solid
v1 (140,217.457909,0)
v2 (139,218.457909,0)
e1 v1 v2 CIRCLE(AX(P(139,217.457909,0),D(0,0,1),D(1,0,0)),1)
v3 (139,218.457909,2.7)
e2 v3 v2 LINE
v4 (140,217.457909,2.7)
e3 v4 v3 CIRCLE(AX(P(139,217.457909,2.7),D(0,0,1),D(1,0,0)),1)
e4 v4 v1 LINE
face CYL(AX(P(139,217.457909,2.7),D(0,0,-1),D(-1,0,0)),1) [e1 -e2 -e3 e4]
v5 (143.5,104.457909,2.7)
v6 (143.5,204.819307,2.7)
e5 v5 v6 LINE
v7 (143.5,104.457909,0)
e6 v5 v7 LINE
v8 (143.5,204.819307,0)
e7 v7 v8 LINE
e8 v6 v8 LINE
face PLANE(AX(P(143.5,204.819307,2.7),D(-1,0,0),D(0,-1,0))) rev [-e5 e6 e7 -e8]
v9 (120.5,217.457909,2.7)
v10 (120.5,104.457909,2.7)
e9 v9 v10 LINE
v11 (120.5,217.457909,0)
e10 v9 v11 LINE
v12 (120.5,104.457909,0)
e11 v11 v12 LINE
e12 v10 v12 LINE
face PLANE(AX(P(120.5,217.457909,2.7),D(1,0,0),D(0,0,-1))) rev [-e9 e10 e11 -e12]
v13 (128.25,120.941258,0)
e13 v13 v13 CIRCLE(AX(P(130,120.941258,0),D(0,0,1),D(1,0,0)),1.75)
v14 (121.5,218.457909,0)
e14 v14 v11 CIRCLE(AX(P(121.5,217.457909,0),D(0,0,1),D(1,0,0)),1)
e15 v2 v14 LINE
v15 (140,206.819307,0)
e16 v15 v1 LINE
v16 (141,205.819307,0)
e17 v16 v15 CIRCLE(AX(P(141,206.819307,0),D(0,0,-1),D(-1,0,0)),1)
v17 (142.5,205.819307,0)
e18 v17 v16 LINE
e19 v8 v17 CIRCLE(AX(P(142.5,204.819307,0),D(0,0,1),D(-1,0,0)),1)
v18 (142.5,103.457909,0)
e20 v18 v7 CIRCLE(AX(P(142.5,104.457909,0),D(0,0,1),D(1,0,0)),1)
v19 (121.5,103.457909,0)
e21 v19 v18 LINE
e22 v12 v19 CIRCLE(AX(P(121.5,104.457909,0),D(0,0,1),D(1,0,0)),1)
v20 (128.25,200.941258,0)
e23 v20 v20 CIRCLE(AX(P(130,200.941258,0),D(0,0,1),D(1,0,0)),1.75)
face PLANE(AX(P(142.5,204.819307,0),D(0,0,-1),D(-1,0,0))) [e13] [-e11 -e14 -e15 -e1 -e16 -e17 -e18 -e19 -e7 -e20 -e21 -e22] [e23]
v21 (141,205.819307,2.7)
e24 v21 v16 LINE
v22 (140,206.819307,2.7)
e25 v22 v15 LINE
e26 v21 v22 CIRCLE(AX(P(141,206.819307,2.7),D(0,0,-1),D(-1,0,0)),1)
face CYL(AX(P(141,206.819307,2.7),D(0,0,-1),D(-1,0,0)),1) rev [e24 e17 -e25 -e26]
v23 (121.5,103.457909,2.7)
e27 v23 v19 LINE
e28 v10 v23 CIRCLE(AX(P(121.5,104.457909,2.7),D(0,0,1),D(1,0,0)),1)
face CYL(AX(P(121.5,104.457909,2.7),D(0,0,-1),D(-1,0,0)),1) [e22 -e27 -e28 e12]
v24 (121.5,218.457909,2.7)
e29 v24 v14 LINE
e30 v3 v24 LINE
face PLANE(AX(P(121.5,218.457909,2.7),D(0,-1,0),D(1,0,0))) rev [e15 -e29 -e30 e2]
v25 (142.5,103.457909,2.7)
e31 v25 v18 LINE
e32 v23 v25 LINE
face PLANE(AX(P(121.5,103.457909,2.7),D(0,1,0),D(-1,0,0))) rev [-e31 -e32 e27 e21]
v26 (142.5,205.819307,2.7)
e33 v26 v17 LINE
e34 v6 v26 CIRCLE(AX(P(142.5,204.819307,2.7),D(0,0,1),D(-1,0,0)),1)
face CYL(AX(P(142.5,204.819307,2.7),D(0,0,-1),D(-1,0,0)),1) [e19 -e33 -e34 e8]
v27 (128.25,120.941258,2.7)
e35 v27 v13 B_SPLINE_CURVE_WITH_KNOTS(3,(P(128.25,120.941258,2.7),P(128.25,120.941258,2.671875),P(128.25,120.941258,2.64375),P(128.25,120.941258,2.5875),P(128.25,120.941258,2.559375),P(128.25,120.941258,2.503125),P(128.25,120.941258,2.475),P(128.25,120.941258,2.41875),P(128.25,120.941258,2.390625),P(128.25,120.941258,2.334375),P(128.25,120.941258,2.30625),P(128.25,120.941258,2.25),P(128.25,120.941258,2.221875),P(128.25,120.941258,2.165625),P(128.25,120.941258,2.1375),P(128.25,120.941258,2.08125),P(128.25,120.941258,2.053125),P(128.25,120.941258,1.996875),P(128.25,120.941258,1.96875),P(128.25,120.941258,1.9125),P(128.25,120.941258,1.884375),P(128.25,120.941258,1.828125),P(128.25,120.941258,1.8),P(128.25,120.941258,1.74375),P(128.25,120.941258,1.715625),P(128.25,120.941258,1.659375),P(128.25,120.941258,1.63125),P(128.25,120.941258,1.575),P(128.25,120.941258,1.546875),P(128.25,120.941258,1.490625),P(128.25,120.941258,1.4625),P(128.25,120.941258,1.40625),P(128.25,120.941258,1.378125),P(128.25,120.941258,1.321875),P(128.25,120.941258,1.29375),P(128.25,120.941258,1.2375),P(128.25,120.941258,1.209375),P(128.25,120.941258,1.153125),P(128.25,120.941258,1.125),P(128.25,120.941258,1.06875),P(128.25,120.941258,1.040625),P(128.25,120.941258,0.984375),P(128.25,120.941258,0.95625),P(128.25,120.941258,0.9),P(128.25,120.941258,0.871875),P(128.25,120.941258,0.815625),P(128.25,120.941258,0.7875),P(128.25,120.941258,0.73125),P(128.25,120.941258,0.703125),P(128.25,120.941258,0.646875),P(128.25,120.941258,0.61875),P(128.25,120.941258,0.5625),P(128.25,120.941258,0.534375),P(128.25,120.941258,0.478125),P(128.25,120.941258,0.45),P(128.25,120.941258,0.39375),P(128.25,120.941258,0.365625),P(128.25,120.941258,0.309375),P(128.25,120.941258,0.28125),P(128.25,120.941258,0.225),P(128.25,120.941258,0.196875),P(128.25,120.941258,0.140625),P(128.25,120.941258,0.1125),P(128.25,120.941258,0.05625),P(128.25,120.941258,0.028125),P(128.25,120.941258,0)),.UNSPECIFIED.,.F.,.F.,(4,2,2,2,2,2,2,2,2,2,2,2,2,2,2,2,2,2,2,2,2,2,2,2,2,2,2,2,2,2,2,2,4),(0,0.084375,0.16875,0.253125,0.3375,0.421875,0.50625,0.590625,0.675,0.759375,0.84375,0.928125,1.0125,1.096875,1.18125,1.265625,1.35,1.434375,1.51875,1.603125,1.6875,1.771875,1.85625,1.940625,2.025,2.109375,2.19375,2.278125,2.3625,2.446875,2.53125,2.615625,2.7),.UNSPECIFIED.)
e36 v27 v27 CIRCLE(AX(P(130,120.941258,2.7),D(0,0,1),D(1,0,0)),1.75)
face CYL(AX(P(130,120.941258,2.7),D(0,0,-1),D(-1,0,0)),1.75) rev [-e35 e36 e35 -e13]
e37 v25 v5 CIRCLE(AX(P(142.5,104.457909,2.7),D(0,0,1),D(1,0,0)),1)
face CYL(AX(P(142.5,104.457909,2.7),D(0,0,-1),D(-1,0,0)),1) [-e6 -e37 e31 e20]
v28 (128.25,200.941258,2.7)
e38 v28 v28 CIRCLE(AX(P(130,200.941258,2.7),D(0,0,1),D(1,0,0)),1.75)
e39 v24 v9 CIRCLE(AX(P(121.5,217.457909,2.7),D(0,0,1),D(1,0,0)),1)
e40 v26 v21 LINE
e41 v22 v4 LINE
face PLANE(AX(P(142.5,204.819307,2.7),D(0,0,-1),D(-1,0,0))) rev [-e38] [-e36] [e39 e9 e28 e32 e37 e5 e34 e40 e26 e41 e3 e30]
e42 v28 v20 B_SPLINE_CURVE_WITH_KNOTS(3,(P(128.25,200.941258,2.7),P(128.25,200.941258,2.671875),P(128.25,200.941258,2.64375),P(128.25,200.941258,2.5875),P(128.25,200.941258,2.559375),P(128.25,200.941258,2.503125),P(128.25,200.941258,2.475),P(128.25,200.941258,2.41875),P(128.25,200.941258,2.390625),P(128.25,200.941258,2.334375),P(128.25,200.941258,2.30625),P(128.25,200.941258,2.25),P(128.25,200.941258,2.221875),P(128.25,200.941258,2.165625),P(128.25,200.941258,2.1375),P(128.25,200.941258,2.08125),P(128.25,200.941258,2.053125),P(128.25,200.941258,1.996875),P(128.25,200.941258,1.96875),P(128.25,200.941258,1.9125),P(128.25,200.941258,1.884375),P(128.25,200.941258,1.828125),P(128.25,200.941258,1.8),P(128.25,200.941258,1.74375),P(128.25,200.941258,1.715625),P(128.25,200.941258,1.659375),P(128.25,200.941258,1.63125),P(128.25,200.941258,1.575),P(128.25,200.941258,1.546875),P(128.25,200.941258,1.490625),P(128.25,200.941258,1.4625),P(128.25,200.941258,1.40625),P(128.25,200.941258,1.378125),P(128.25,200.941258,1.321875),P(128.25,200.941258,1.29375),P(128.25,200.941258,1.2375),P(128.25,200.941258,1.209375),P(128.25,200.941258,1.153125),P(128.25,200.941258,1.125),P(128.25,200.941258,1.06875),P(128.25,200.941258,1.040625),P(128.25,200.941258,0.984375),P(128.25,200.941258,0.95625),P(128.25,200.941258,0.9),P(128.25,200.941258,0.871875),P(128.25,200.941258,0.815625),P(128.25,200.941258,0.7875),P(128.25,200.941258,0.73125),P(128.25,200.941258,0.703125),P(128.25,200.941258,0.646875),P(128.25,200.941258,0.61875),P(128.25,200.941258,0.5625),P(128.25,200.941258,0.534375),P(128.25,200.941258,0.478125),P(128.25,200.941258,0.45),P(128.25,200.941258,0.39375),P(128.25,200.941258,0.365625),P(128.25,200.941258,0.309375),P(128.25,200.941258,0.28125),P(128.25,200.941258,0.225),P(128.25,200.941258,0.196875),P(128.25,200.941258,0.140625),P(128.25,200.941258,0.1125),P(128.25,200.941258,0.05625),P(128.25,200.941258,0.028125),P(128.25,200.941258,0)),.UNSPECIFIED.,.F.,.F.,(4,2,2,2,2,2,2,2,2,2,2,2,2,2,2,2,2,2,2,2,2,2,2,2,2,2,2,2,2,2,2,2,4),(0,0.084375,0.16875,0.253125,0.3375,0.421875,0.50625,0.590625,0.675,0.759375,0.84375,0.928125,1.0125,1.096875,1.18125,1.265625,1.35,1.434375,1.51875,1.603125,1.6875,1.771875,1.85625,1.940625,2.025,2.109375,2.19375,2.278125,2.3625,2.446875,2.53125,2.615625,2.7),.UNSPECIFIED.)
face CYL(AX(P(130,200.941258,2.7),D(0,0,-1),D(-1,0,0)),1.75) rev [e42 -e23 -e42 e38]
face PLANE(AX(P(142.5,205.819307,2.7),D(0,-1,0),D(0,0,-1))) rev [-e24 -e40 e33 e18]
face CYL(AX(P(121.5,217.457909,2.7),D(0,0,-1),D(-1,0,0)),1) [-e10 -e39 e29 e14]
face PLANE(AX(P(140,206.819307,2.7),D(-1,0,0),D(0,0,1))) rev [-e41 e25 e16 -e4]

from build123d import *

# Parameters (mm, degrees)
SKETCH1_R           = 1.75
BOSS_EXTRUDE1_DEPTH = 2.7


with BuildPart() as part:
    # Sketch1 → Boss-Extrude1 (new body)
    with BuildSketch(Plane.XY):
        with BuildLine():
            Line((142.5, 205.819306835), (141, 205.819306835))
            ThreePointArc((141, 205.819306835), (140.292893219, 206.112200054), (140, 206.819306835))
            Line((140, 206.819306835), (140, 217.457909006))
            ThreePointArc((140, 217.457909006), (139.707106781, 218.165015787), (139, 218.457909006))
            Line((139, 218.457909006), (121.5, 218.457909006))
            ThreePointArc((121.5, 218.457909006), (120.792893219, 218.165015787), (120.5, 217.457909006))
            Line((120.5, 217.457909006), (120.5, 104.457909006))
            ThreePointArc((120.5, 104.457909006), (120.792893219, 103.750802225), (121.5, 103.457909006))
            Line((121.5, 103.457909006), (142.5, 103.457909006))
            ThreePointArc((142.5, 103.457909006), (143.207106781, 103.750802225), (143.5, 104.457909006))
            Line((143.5, 104.457909006), (143.5, 204.819306835))
            ThreePointArc((143.5, 204.819306835), (143.207106781, 205.526413617), (142.5, 205.819306835))
        make_face()
        with Locations(Location((130, 200.941258447, 0), (0, 0, 180))):
            Circle(SKETCH1_R, mode=Mode.SUBTRACT)
        with Locations(Location((130, 120.941258447, 0), (0, 0, 180))):
            Circle(SKETCH1_R, mode=Mode.SUBTRACT)
    extrude(amount=BOSS_EXTRUDE1_DEPTH)


solid = part.part
